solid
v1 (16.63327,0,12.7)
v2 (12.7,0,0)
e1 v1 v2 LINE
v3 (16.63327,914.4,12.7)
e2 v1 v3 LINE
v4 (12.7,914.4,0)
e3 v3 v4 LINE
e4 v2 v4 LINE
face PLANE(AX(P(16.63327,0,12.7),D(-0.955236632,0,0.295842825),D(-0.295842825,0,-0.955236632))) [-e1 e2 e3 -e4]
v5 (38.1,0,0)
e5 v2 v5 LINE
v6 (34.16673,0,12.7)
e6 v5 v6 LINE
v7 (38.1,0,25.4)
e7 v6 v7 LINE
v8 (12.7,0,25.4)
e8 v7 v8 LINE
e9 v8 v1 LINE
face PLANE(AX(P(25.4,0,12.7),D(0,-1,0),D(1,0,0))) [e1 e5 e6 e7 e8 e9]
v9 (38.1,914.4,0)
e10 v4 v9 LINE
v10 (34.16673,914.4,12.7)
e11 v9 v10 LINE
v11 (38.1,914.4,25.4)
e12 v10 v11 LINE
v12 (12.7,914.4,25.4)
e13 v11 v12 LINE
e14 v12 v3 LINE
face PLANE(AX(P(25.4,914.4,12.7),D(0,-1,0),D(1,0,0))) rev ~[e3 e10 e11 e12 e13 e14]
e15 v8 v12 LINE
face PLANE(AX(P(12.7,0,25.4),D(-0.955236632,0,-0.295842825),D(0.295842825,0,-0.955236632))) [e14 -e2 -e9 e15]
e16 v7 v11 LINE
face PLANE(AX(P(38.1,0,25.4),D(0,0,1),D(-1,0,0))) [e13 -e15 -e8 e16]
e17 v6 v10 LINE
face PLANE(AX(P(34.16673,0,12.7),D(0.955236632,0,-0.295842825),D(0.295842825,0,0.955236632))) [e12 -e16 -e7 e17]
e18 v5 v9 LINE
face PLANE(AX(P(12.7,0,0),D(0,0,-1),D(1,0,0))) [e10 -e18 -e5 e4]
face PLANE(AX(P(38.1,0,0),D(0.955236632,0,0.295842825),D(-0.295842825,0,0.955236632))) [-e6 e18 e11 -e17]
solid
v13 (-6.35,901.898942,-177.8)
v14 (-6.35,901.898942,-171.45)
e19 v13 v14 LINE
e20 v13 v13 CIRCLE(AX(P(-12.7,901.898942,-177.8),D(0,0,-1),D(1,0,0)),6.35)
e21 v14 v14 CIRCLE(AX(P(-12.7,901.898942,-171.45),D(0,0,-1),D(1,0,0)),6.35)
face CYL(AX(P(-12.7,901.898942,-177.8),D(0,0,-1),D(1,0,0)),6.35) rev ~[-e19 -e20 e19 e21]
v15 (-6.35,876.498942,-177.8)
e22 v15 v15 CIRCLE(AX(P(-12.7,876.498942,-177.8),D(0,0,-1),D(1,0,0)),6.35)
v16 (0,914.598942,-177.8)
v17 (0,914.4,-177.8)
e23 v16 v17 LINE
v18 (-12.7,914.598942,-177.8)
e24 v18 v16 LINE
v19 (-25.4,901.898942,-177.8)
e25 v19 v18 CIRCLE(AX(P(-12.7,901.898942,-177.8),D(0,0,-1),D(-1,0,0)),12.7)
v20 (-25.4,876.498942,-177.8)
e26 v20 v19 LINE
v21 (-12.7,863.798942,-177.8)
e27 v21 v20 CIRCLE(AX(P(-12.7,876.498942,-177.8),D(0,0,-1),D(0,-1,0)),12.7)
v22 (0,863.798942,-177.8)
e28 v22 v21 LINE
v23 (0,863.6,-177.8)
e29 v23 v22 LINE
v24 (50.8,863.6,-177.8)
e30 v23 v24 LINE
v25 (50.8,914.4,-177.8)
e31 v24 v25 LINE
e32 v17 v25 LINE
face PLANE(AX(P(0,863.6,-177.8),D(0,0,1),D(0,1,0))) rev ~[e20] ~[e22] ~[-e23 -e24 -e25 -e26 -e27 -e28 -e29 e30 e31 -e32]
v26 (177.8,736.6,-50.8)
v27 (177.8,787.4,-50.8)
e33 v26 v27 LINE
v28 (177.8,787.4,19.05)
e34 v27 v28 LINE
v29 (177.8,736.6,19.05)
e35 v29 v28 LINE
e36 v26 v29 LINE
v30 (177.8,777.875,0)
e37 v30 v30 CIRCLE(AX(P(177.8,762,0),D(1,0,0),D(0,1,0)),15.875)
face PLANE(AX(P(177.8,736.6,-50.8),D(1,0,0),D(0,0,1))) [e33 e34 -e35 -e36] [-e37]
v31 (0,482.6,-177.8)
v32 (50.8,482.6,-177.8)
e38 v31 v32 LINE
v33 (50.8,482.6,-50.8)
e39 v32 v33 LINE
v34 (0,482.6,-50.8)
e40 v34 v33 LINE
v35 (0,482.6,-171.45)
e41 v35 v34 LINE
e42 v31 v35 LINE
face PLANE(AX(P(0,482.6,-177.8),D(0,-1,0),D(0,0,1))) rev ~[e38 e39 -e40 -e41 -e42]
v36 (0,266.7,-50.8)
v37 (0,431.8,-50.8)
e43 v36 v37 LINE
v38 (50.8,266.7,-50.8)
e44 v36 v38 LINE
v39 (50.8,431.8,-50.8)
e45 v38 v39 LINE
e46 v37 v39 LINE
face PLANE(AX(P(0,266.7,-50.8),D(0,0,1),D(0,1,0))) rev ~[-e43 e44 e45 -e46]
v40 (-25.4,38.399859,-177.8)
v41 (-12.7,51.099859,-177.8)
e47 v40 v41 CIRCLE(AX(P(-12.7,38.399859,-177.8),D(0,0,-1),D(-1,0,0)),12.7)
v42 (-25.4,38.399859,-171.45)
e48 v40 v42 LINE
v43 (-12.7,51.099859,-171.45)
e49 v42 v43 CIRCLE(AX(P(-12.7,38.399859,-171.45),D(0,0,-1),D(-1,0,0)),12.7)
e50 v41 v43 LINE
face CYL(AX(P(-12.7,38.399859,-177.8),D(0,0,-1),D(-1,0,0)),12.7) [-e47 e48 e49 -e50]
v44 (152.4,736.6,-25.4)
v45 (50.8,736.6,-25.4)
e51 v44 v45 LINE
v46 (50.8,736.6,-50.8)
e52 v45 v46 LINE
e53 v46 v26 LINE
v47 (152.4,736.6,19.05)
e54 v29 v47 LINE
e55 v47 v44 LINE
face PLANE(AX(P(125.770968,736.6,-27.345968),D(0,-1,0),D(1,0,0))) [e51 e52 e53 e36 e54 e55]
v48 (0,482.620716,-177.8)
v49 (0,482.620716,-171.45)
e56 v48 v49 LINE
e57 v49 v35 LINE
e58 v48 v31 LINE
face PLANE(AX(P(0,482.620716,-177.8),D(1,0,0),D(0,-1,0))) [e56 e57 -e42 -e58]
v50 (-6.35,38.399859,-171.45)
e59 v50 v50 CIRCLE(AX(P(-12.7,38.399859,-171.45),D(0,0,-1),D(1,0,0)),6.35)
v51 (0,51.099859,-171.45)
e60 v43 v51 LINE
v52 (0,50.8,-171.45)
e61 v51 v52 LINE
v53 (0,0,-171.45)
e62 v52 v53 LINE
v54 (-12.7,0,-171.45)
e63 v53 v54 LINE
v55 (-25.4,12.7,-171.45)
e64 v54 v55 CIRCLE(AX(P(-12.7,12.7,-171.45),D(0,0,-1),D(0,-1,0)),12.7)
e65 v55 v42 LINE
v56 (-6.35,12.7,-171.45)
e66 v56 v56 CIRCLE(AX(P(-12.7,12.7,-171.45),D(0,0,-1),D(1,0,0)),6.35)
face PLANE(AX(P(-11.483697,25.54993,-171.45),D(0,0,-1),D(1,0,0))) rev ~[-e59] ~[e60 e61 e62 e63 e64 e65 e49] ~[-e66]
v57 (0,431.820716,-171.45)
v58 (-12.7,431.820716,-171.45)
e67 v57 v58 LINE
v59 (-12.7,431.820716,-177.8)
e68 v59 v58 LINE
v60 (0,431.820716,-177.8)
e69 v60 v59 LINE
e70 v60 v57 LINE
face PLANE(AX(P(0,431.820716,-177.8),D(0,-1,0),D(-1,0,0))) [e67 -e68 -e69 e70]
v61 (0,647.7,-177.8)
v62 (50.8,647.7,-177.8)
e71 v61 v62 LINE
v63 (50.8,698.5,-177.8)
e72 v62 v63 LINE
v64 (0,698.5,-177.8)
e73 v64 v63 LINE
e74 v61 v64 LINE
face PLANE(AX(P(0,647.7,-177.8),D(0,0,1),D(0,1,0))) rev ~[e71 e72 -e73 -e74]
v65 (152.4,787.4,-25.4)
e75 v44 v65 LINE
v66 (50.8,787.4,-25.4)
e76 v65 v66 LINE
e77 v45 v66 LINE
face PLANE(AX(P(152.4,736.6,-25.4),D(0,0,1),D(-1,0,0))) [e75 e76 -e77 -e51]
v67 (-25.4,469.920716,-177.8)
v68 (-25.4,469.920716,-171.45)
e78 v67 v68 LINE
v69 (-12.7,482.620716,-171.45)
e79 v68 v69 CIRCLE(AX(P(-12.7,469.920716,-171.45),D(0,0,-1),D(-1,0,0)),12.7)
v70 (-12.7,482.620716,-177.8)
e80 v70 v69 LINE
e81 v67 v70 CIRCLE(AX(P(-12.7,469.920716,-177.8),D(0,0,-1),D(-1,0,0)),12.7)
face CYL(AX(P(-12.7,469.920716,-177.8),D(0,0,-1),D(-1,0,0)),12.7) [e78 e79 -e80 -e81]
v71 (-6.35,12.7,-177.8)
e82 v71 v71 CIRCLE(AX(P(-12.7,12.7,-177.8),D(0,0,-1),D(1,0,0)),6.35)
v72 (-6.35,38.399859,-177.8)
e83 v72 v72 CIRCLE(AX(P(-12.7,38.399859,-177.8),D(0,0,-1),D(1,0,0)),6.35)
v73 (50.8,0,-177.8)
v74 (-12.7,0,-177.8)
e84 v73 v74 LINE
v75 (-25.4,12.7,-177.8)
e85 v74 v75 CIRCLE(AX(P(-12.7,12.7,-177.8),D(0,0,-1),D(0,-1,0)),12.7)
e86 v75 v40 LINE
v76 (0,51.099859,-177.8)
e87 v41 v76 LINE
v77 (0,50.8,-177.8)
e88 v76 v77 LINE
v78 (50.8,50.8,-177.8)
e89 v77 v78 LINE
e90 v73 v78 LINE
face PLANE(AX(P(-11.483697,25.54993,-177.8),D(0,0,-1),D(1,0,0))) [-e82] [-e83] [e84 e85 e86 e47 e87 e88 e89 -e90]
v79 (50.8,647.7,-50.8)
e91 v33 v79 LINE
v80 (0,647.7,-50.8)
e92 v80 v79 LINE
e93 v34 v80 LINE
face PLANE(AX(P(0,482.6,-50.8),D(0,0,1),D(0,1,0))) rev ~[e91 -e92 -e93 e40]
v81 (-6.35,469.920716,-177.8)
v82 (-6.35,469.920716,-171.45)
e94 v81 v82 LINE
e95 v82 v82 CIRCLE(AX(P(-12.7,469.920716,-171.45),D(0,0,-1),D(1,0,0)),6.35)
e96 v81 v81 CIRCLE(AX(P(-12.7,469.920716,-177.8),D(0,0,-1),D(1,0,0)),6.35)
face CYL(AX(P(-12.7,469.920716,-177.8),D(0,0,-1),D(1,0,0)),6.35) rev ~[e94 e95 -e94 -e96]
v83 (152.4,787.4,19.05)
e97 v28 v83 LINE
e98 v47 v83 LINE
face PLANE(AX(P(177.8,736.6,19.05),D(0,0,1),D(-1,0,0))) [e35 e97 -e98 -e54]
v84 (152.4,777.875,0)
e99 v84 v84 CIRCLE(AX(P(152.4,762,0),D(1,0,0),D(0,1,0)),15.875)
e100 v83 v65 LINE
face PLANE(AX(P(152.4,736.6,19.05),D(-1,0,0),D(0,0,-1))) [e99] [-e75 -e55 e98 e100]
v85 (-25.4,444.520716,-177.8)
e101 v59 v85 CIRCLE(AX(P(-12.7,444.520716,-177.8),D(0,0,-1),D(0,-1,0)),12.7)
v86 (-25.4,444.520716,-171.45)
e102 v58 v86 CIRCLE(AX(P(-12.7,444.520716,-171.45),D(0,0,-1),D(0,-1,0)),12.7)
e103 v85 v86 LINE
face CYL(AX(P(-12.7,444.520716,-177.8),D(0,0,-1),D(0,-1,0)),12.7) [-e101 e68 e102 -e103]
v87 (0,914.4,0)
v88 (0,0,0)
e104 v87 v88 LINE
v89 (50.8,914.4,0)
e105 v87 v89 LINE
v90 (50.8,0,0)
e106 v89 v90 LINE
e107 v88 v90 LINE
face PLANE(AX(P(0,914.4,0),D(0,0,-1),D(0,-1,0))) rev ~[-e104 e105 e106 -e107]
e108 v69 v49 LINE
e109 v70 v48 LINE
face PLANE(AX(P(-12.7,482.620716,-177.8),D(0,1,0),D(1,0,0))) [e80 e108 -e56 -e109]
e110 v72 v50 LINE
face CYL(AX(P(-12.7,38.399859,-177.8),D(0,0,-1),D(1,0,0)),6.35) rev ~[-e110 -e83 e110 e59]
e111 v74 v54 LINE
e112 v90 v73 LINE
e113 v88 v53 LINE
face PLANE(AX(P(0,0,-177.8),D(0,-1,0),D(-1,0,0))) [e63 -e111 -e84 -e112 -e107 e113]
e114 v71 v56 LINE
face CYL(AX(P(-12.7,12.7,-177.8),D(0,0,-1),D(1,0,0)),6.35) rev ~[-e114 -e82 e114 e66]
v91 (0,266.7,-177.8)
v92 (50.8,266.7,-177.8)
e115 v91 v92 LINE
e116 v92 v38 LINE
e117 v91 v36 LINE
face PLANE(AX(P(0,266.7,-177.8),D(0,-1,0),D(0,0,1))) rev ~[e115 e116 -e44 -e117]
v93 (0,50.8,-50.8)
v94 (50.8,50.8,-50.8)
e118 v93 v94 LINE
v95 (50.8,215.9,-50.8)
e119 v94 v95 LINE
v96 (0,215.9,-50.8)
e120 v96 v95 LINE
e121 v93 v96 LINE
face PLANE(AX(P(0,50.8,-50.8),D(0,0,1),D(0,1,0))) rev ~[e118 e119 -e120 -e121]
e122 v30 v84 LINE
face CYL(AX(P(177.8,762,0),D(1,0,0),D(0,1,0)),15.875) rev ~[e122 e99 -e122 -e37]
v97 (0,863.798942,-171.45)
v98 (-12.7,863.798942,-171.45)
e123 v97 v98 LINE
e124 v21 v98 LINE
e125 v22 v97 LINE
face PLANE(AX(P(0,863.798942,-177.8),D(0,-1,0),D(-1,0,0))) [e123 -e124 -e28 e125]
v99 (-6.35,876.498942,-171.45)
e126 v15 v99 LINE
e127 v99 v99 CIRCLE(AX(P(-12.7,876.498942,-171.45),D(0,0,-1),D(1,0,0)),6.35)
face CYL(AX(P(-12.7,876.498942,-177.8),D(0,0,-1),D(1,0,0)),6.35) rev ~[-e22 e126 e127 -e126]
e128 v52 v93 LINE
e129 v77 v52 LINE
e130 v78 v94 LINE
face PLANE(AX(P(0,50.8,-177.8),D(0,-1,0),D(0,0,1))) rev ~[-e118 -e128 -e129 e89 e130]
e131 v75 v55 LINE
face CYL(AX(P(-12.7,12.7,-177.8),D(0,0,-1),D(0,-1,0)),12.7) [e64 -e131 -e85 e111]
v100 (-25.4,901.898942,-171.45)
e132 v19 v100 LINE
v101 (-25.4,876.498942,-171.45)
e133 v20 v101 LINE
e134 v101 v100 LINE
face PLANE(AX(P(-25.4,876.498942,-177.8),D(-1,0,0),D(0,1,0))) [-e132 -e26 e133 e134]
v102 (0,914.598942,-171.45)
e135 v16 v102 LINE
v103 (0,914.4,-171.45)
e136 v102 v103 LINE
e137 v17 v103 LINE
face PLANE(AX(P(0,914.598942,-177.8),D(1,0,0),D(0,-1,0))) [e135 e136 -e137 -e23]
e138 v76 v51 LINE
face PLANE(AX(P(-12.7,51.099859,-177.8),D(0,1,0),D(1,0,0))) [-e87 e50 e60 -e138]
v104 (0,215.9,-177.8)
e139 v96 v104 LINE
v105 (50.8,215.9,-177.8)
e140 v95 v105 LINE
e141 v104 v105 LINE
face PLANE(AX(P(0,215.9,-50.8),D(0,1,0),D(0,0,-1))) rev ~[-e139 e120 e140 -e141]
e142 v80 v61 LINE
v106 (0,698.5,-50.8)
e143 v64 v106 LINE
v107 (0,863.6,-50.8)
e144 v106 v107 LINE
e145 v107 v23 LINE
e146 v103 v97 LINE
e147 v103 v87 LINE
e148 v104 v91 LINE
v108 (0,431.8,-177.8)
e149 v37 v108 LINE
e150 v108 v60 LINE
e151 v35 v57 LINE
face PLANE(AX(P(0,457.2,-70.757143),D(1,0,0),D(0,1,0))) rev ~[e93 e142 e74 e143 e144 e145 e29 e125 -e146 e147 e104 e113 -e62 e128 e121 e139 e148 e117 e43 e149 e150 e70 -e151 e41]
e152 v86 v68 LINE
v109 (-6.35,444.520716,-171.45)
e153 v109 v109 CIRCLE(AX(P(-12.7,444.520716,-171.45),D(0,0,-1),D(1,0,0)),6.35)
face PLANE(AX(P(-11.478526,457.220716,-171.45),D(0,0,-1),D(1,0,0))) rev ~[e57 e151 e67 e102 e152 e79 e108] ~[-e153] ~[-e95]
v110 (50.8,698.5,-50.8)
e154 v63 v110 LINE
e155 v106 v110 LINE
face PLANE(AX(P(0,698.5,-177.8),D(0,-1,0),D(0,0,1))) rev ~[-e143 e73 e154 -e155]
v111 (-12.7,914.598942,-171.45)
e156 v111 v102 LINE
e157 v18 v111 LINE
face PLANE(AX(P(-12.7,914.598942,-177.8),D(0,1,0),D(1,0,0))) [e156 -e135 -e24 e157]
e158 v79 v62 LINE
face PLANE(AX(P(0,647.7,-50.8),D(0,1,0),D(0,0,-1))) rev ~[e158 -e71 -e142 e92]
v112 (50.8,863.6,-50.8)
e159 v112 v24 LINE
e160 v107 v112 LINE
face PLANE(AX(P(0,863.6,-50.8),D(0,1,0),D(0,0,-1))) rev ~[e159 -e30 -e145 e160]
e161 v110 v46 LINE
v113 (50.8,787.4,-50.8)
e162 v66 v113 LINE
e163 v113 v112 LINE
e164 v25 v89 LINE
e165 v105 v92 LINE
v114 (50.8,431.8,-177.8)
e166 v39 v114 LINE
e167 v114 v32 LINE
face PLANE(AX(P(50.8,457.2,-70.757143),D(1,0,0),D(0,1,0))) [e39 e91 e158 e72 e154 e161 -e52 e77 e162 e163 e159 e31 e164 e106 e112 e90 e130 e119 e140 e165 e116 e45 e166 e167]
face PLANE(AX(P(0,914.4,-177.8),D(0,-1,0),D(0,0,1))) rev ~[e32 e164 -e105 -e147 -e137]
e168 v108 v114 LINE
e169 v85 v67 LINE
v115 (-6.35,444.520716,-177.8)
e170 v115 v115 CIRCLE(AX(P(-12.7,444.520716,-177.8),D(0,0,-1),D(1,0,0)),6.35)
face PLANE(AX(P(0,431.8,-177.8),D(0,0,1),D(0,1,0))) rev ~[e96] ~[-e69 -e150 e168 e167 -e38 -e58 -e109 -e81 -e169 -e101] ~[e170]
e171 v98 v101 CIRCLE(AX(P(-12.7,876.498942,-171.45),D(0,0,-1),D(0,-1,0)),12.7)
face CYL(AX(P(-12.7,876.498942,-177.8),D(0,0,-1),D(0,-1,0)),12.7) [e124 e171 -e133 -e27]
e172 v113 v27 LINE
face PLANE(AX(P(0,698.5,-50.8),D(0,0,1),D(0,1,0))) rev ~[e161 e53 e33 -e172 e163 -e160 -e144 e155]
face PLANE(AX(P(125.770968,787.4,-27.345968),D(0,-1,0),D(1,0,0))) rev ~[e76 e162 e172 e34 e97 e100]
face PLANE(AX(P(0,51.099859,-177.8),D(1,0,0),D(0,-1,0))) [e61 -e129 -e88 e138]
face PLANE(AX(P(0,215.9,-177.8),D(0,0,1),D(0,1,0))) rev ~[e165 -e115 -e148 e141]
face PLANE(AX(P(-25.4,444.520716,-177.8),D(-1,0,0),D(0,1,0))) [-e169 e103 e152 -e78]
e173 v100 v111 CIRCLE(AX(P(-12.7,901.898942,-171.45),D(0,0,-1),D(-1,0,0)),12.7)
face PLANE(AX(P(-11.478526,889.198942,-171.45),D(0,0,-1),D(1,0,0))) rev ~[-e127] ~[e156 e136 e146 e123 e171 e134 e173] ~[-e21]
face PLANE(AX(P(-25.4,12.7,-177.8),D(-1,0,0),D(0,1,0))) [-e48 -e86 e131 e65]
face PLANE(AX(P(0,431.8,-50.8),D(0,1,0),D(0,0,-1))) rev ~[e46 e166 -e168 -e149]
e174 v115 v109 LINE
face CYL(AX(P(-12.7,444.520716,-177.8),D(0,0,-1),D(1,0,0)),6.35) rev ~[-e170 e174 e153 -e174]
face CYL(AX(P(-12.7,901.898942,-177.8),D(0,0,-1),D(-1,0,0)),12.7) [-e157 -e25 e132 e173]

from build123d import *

# Parameters (mm, degrees)
F1_DEPTH  = 50.8
F3_DEPTH  = 914.4
F6_DEPTH  = 50.8
F8_R      = 15.875
F9_DEPTH  = 25.4
F11_R     = 6.35
F12_DEPTH = 6.35


with BuildPart() as f1:
    # F0 (on Right) → F1 (new body)
    with BuildSketch(Plane.YZ):
        Polygon((914.4, 0), (0, 0), (0, -177.8), (50.8, -177.8), (50.8, -50.8), (215.9, -50.8), (215.9, -177.8), (266.7, -177.8), (266.7, -50.8), (431.8, -50.8), (431.8, -177.8), (482.6, -177.8), (482.6, -50.8), (647.7, -50.8), (647.7, -177.8), (698.5, -177.8), (698.5, -50.8), (863.6, -50.8), (863.6, -177.8), (914.4, -177.8), align=None)
    extrude(amount=F1_DEPTH)

    # F5 (on offset) → F6 (join)
    with BuildSketch(Plane.XZ.offset(-736.6)):
        Polygon((50.8, -25.4), (50.8, -50.8), (177.8, -50.8), (177.8, 19.05), (152.4, 19.05), (152.4, -25.4), align=None)
    extrude(amount=-F6_DEPTH)

    # F8 (on offset) → F9 (cut)
    with BuildSketch(Plane.YZ.offset(177.8)):
        with Locations((762, 0)):
            Circle(F8_R)
    extrude(amount=-F9_DEPTH, mode=Mode.SUBTRACT)

    # F11 (on offset) → F12 (join)
    with BuildSketch(Plane(origin=(0, 0, -177.8), x_dir=(1, 0, 0), z_dir=(0, 0, -1))):
        with BuildLine():
            Line((0, -51.0998591781), (0, 0))
            Line((0, 0), (-12.7, 0))
            ThreePointArc((-12.7, 0), (-21.6802561211, -3.7197438789), (-25.4, -12.7))
            Line((-25.4, -12.7), (-25.4, -38.3998591781))
            ThreePointArc((-25.4, -38.3998591781), (-21.6802561211, -47.3801152991), (-12.7, -51.0998591781))
            Line((-12.7, -51.0998591781), (0, -51.0998591781))
        make_face()
        with Locations((-12.7, -38.3998591781)):
            Circle(F11_R, mode=Mode.SUBTRACT)
        with Locations((-12.7, -12.7)):
            Circle(F11_R, mode=Mode.SUBTRACT)
        with BuildLine():
            Line((0, -914.598941803), (0, -863.798941803))
            Line((0, -863.798941803), (-12.7, -863.798941803))
            ThreePointArc((-12.7, -863.798941803), (-21.6802561211, -867.5186856819), (-25.4, -876.498941803))
            Line((-25.4, -876.498941803), (-25.4, -901.898941803))
            ThreePointArc((-25.4, -901.898941803), (-21.6802561211, -910.879197924), (-12.7, -914.598941803))
            Line((-12.7, -914.598941803), (0, -914.598941803))
        make_face()
        with Locations((-12.7, -901.898941803)):
            Circle(F11_R, mode=Mode.SUBTRACT)
        with Locations((-12.7, -876.498941803)):
            Circle(F11_R, mode=Mode.SUBTRACT)
        with BuildLine():
            Line((0, -482.620716095), (0, -431.820716095))
            Line((0, -431.820716095), (-12.7, -431.820716095))
            ThreePointArc((-12.7, -431.820716095), (-21.6802561211, -435.5404599739), (-25.4, -444.520716095))
            Line((-25.4, -444.520716095), (-25.4, -469.920716095))
            ThreePointArc((-25.4, -469.920716095), (-21.6802561211, -478.900972216), (-12.7, -482.620716095))
            Line((-12.7, -482.620716095), (0, -482.620716095))
        make_face()
        with Locations((-12.7, -469.920716095)):
            Circle(F11_R, mode=Mode.SUBTRACT)
        with Locations((-12.7, -444.520716095)):
            Circle(F11_R, mode=Mode.SUBTRACT)
    extrude(amount=-F12_DEPTH)


with BuildPart() as f3:
    # F2 (on Front) → F3 (new body)
    with BuildSketch(Plane.XZ):
        Polygon((16.6332703084, 12.7), (12.7, 0), (38.1, 0), (34.1667296916, 12.7), (38.1, 25.4), (12.7, 25.4), align=None)
    extrude(amount=-F3_DEPTH)


solid = Compound([f1.part, f3.part])
